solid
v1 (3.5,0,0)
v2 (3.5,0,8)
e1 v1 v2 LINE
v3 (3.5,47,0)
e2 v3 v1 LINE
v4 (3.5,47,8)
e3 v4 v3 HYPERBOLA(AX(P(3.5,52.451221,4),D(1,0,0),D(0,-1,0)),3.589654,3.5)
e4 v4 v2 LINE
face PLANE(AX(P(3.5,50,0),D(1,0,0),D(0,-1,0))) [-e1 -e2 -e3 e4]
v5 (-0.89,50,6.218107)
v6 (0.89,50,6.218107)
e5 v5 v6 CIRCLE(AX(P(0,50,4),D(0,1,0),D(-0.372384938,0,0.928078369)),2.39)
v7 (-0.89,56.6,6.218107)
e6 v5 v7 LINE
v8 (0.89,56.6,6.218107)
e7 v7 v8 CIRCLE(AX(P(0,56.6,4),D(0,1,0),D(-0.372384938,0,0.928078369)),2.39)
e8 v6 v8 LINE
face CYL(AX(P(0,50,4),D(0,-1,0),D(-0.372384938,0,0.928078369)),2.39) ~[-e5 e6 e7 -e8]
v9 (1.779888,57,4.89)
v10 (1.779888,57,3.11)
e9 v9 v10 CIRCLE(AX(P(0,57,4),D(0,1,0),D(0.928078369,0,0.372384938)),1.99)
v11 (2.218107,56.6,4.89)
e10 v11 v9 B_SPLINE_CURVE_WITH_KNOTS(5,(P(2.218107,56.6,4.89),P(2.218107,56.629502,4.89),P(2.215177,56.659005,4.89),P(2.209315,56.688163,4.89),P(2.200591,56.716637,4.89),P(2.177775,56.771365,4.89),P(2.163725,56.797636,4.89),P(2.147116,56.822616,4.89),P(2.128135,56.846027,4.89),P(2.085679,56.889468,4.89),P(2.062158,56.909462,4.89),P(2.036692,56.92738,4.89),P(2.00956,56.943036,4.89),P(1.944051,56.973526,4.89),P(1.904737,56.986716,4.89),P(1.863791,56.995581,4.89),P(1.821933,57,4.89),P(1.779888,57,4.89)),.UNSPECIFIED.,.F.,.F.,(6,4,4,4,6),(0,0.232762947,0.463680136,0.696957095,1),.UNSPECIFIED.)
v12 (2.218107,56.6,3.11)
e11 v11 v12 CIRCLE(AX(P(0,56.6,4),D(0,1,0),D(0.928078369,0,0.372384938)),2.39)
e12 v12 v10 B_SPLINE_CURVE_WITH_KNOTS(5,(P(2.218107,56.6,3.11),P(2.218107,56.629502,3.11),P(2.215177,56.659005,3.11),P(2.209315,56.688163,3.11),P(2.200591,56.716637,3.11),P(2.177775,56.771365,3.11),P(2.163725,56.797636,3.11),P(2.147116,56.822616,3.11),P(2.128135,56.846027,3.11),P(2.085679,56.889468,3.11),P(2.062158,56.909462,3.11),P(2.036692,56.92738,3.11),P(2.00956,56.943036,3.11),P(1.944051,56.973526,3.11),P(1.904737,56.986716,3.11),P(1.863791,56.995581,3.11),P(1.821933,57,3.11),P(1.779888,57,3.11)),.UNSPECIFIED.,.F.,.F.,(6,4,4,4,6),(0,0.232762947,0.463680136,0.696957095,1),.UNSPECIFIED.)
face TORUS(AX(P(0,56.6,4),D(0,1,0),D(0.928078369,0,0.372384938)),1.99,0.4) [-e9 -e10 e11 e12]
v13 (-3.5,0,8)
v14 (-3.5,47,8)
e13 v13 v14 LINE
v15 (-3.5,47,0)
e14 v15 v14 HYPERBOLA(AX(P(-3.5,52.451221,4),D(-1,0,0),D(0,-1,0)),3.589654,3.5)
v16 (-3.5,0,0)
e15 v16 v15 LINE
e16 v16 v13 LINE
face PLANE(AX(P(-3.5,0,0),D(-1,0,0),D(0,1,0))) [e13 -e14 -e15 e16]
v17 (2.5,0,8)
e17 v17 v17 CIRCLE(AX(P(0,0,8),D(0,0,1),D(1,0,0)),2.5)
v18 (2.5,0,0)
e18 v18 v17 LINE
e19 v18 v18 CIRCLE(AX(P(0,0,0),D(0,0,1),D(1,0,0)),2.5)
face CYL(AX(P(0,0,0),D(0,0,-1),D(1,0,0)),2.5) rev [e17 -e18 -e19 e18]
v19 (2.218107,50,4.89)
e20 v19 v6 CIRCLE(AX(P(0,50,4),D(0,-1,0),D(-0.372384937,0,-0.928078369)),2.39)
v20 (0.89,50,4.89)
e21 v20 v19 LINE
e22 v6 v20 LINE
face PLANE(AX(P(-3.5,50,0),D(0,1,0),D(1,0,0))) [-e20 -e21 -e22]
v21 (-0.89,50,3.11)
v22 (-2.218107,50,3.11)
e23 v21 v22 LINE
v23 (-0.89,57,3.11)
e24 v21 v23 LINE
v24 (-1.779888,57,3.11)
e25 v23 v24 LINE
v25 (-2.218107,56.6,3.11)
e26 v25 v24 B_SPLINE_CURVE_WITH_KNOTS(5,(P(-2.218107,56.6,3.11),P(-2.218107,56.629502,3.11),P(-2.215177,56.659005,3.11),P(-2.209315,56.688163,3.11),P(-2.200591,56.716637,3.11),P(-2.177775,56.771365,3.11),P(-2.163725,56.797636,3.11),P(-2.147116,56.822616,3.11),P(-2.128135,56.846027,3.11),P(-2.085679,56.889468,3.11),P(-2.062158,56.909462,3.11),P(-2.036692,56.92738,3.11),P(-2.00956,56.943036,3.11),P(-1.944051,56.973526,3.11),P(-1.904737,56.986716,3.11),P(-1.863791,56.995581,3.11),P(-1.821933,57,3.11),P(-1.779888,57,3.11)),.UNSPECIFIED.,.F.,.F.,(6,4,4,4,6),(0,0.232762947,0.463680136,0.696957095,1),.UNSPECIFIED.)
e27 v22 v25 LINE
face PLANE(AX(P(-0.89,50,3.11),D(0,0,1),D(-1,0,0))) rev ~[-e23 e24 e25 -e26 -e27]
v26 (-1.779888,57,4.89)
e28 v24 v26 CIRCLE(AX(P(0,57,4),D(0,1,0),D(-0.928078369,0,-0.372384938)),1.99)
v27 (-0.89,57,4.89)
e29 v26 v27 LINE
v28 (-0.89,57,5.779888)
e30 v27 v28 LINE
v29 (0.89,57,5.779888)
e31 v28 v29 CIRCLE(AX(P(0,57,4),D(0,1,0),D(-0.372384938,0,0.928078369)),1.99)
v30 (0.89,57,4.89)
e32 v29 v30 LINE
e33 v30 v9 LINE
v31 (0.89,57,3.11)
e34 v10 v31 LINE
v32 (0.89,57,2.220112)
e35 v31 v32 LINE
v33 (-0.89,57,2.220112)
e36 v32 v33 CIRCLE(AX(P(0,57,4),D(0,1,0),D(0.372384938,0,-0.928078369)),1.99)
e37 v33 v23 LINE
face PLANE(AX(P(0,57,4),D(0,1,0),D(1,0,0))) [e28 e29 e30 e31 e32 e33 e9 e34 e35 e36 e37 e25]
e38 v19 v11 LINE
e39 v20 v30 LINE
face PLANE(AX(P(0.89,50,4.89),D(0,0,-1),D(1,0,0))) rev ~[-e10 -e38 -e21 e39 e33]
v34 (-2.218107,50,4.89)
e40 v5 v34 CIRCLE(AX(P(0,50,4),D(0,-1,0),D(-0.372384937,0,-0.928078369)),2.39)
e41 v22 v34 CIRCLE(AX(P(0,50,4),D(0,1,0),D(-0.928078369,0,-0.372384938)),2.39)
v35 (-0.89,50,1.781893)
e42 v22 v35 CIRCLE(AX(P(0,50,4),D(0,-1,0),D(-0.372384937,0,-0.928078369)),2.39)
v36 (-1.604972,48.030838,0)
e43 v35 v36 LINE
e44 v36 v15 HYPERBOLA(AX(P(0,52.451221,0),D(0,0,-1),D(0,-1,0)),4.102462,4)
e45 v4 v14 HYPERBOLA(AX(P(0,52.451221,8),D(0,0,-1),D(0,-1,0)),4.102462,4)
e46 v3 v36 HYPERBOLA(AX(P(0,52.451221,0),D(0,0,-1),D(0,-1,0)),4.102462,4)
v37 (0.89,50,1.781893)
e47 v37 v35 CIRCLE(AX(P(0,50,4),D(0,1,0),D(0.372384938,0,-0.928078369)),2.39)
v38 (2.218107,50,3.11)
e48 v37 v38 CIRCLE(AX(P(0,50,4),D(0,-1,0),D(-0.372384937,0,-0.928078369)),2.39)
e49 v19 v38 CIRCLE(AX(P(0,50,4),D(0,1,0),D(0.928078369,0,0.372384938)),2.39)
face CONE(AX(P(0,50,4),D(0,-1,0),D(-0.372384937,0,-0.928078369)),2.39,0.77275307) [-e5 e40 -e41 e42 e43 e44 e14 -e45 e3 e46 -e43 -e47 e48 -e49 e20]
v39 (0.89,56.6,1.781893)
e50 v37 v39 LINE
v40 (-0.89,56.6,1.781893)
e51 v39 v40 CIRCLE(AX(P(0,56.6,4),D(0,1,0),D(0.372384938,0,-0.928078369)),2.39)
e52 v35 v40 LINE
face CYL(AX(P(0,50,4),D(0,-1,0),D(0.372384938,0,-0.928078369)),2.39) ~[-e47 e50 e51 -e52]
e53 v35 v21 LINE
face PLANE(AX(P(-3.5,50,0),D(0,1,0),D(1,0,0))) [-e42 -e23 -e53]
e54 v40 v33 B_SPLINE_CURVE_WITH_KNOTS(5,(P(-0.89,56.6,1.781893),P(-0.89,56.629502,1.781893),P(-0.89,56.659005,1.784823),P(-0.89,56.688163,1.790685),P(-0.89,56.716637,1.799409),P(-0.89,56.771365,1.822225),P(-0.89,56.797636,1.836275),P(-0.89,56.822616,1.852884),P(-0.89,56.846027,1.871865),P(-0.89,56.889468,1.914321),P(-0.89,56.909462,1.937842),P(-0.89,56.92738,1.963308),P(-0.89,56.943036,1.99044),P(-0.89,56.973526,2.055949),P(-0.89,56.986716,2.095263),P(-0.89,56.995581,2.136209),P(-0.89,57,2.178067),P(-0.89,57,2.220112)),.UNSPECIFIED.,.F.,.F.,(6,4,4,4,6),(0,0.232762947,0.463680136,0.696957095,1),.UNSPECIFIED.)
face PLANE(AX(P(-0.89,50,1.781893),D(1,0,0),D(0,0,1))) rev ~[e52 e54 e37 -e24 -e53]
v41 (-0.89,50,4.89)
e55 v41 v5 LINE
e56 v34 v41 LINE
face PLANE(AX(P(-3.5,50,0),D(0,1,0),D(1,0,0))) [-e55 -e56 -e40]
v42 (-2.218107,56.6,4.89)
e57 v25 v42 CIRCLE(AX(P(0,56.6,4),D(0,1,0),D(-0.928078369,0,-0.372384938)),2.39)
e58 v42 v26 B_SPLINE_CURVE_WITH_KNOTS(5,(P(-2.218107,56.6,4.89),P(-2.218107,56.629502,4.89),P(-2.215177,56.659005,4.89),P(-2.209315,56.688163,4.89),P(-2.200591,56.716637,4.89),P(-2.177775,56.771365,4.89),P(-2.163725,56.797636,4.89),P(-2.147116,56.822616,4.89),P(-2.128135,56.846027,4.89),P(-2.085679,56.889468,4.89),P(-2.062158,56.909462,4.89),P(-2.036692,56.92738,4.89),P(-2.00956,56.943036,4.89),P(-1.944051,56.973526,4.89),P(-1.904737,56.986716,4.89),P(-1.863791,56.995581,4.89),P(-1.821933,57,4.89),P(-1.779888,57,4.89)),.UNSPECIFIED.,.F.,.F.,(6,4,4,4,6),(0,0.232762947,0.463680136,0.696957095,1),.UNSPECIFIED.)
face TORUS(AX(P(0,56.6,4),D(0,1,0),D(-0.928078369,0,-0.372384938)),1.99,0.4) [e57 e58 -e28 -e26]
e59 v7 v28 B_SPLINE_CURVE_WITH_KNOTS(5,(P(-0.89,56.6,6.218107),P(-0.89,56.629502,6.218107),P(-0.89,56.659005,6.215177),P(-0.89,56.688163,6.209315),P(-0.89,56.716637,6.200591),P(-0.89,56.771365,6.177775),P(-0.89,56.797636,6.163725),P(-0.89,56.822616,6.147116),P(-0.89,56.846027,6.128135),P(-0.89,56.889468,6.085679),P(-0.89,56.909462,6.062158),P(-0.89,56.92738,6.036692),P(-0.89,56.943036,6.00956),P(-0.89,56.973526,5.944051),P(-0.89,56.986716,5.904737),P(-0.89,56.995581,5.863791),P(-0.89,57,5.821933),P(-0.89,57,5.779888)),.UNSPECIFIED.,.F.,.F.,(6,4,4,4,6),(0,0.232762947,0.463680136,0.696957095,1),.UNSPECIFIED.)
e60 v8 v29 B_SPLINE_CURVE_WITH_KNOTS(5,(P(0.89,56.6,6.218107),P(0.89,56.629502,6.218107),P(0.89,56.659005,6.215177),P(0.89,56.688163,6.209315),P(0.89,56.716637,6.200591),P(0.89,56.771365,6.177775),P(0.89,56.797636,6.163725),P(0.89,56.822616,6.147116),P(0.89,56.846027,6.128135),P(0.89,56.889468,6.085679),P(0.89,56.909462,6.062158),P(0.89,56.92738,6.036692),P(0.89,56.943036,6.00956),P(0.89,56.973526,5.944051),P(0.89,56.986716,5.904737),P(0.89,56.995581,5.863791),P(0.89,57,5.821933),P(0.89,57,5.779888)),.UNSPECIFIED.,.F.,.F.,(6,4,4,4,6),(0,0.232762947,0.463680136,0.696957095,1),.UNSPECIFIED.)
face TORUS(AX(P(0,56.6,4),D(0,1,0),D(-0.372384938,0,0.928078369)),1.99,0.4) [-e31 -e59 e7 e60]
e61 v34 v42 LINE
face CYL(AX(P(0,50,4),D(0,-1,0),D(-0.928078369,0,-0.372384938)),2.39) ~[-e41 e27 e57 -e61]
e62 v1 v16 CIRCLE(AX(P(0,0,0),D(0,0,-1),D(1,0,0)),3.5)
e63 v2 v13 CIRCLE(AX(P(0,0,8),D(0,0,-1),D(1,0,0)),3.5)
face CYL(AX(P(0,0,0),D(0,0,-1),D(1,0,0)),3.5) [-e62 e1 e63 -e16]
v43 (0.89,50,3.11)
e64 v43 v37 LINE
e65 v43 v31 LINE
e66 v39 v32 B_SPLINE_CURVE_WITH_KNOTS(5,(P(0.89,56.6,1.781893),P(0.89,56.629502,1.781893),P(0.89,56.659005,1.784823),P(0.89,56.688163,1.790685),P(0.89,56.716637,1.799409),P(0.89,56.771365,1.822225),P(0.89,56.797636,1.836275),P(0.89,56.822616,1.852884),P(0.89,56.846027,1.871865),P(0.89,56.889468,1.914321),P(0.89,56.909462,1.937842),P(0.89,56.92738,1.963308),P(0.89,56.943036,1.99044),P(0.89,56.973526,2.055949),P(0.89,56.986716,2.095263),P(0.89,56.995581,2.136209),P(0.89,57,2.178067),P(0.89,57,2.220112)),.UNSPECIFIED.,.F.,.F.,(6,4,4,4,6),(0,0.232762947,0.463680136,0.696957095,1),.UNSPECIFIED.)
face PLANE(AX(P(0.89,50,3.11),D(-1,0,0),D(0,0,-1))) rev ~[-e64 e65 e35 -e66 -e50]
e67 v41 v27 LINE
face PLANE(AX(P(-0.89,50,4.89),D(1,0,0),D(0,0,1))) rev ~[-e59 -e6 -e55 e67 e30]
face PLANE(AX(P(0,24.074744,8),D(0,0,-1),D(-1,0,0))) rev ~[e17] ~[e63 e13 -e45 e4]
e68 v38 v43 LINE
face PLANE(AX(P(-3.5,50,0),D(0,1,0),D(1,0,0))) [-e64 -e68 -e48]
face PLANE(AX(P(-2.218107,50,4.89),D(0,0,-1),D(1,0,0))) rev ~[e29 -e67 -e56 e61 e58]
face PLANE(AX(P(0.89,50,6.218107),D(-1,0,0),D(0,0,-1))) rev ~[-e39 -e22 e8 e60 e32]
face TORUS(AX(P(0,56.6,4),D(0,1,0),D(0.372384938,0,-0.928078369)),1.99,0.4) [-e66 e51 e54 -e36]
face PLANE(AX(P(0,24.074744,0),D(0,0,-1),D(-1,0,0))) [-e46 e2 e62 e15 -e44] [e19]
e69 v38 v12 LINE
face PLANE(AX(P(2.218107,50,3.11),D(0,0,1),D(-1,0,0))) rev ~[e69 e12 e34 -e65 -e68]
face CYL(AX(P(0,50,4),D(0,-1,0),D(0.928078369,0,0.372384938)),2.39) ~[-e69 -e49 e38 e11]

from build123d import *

# Parameters (mm, degrees)
SKETCH_1_R      = 2.5
EXTRUDE_1_DEPTH = 8
EXTRUDE_3_DEPTH = 7
FILLET_1_R      = 0.4


with BuildPart() as part:
    # ｽｹｯﾁ1 → ﾎﾞｽ - 押し出し1 (new body)
    with BuildSketch(Plane.XY):
        with BuildLine():
            Line((-3.5, 0), (-3.5, 50))
            Line((-3.5, 50), (3.5, 50))
            Line((3.5, 50), (3.5, 0))
            ThreePointArc((3.5, 0), (0, -3.5), (-3.5, 0))
        make_face()
        Circle(SKETCH_1_R, mode=Mode.SUBTRACT)
    extrude(amount=EXTRUDE_1_DEPTH)

    # ｽｹｯﾁ2 → ﾎﾞｽ - 押し出し3 (add)
    with BuildSketch(Plane(origin=(0, 50, 0), x_dir=(1, 0, 0), z_dir=(0, 1, 0))):
        with BuildLine():
            Line((-0.89, -1.781892699), (-0.89, -3.11))
            Line((-0.89, -3.11), (-2.218107301, -3.11))
            ThreePointArc((-2.218107301, -3.11), (-2.39, -4), (-2.218107301, -4.89))
            Line((-2.218107301, -4.89), (-0.89, -4.89))
            Line((-0.89, -4.89), (-0.89, -6.218107301))
            ThreePointArc((-0.89, -6.218107301), (0, -6.39), (0.89, -6.218107301))
            Line((0.89, -6.218107301), (0.89, -4.89))
            Line((0.89, -4.89), (2.218107301, -4.89))
            ThreePointArc((2.218107301, -4.89), (2.39, -4), (2.218107301, -3.11))
            Line((2.218107301, -3.11), (0.89, -3.11))
            Line((0.89, -3.11), (0.89, -1.781892699))
            ThreePointArc((0.89, -1.781892699), (0, -1.61), (-0.89, -1.781892699))
        make_face()
    extrude(amount=EXTRUDE_3_DEPTH)

    # ﾌｨﾚｯﾄ1
    fillet_1_edges = [part.edges().sort_by_distance(p)[0] for p in [
        (0, 57, 1.61),
        (-2.39, 57, 4),
        (0, 57, 6.39),
        (2.39, 57, 4),
    ]]
    fillet(fillet_1_edges, radius=FILLET_1_R)

    # ｽｹｯﾁ5 → ｶｯﾄ - 回転2 (revolve, cut)
    with BuildSketch(Plane(origin=(-1.982300885, 0, 1.734513274), x_dir=(0.6585046078685183, 0, 0.7525766947068778), z_dir=(-0.7525766947068777, 0, 0.6585046078685182)), mode=Mode.PRIVATE) as cut_revolve_2_sk:
        Polygon((0.620306779, 50), (-2.304766128, 47), (-2.304766128, 50), align=None)
    revolve(cut_revolve_2_sk.sketch.rotate(Axis((0, 57, 4), (0, -1, 0)), 19.323147236), axis=Axis((0, 57, 4), (0, -1, 0)), mode=Mode.SUBTRACT)


solid = part.part
